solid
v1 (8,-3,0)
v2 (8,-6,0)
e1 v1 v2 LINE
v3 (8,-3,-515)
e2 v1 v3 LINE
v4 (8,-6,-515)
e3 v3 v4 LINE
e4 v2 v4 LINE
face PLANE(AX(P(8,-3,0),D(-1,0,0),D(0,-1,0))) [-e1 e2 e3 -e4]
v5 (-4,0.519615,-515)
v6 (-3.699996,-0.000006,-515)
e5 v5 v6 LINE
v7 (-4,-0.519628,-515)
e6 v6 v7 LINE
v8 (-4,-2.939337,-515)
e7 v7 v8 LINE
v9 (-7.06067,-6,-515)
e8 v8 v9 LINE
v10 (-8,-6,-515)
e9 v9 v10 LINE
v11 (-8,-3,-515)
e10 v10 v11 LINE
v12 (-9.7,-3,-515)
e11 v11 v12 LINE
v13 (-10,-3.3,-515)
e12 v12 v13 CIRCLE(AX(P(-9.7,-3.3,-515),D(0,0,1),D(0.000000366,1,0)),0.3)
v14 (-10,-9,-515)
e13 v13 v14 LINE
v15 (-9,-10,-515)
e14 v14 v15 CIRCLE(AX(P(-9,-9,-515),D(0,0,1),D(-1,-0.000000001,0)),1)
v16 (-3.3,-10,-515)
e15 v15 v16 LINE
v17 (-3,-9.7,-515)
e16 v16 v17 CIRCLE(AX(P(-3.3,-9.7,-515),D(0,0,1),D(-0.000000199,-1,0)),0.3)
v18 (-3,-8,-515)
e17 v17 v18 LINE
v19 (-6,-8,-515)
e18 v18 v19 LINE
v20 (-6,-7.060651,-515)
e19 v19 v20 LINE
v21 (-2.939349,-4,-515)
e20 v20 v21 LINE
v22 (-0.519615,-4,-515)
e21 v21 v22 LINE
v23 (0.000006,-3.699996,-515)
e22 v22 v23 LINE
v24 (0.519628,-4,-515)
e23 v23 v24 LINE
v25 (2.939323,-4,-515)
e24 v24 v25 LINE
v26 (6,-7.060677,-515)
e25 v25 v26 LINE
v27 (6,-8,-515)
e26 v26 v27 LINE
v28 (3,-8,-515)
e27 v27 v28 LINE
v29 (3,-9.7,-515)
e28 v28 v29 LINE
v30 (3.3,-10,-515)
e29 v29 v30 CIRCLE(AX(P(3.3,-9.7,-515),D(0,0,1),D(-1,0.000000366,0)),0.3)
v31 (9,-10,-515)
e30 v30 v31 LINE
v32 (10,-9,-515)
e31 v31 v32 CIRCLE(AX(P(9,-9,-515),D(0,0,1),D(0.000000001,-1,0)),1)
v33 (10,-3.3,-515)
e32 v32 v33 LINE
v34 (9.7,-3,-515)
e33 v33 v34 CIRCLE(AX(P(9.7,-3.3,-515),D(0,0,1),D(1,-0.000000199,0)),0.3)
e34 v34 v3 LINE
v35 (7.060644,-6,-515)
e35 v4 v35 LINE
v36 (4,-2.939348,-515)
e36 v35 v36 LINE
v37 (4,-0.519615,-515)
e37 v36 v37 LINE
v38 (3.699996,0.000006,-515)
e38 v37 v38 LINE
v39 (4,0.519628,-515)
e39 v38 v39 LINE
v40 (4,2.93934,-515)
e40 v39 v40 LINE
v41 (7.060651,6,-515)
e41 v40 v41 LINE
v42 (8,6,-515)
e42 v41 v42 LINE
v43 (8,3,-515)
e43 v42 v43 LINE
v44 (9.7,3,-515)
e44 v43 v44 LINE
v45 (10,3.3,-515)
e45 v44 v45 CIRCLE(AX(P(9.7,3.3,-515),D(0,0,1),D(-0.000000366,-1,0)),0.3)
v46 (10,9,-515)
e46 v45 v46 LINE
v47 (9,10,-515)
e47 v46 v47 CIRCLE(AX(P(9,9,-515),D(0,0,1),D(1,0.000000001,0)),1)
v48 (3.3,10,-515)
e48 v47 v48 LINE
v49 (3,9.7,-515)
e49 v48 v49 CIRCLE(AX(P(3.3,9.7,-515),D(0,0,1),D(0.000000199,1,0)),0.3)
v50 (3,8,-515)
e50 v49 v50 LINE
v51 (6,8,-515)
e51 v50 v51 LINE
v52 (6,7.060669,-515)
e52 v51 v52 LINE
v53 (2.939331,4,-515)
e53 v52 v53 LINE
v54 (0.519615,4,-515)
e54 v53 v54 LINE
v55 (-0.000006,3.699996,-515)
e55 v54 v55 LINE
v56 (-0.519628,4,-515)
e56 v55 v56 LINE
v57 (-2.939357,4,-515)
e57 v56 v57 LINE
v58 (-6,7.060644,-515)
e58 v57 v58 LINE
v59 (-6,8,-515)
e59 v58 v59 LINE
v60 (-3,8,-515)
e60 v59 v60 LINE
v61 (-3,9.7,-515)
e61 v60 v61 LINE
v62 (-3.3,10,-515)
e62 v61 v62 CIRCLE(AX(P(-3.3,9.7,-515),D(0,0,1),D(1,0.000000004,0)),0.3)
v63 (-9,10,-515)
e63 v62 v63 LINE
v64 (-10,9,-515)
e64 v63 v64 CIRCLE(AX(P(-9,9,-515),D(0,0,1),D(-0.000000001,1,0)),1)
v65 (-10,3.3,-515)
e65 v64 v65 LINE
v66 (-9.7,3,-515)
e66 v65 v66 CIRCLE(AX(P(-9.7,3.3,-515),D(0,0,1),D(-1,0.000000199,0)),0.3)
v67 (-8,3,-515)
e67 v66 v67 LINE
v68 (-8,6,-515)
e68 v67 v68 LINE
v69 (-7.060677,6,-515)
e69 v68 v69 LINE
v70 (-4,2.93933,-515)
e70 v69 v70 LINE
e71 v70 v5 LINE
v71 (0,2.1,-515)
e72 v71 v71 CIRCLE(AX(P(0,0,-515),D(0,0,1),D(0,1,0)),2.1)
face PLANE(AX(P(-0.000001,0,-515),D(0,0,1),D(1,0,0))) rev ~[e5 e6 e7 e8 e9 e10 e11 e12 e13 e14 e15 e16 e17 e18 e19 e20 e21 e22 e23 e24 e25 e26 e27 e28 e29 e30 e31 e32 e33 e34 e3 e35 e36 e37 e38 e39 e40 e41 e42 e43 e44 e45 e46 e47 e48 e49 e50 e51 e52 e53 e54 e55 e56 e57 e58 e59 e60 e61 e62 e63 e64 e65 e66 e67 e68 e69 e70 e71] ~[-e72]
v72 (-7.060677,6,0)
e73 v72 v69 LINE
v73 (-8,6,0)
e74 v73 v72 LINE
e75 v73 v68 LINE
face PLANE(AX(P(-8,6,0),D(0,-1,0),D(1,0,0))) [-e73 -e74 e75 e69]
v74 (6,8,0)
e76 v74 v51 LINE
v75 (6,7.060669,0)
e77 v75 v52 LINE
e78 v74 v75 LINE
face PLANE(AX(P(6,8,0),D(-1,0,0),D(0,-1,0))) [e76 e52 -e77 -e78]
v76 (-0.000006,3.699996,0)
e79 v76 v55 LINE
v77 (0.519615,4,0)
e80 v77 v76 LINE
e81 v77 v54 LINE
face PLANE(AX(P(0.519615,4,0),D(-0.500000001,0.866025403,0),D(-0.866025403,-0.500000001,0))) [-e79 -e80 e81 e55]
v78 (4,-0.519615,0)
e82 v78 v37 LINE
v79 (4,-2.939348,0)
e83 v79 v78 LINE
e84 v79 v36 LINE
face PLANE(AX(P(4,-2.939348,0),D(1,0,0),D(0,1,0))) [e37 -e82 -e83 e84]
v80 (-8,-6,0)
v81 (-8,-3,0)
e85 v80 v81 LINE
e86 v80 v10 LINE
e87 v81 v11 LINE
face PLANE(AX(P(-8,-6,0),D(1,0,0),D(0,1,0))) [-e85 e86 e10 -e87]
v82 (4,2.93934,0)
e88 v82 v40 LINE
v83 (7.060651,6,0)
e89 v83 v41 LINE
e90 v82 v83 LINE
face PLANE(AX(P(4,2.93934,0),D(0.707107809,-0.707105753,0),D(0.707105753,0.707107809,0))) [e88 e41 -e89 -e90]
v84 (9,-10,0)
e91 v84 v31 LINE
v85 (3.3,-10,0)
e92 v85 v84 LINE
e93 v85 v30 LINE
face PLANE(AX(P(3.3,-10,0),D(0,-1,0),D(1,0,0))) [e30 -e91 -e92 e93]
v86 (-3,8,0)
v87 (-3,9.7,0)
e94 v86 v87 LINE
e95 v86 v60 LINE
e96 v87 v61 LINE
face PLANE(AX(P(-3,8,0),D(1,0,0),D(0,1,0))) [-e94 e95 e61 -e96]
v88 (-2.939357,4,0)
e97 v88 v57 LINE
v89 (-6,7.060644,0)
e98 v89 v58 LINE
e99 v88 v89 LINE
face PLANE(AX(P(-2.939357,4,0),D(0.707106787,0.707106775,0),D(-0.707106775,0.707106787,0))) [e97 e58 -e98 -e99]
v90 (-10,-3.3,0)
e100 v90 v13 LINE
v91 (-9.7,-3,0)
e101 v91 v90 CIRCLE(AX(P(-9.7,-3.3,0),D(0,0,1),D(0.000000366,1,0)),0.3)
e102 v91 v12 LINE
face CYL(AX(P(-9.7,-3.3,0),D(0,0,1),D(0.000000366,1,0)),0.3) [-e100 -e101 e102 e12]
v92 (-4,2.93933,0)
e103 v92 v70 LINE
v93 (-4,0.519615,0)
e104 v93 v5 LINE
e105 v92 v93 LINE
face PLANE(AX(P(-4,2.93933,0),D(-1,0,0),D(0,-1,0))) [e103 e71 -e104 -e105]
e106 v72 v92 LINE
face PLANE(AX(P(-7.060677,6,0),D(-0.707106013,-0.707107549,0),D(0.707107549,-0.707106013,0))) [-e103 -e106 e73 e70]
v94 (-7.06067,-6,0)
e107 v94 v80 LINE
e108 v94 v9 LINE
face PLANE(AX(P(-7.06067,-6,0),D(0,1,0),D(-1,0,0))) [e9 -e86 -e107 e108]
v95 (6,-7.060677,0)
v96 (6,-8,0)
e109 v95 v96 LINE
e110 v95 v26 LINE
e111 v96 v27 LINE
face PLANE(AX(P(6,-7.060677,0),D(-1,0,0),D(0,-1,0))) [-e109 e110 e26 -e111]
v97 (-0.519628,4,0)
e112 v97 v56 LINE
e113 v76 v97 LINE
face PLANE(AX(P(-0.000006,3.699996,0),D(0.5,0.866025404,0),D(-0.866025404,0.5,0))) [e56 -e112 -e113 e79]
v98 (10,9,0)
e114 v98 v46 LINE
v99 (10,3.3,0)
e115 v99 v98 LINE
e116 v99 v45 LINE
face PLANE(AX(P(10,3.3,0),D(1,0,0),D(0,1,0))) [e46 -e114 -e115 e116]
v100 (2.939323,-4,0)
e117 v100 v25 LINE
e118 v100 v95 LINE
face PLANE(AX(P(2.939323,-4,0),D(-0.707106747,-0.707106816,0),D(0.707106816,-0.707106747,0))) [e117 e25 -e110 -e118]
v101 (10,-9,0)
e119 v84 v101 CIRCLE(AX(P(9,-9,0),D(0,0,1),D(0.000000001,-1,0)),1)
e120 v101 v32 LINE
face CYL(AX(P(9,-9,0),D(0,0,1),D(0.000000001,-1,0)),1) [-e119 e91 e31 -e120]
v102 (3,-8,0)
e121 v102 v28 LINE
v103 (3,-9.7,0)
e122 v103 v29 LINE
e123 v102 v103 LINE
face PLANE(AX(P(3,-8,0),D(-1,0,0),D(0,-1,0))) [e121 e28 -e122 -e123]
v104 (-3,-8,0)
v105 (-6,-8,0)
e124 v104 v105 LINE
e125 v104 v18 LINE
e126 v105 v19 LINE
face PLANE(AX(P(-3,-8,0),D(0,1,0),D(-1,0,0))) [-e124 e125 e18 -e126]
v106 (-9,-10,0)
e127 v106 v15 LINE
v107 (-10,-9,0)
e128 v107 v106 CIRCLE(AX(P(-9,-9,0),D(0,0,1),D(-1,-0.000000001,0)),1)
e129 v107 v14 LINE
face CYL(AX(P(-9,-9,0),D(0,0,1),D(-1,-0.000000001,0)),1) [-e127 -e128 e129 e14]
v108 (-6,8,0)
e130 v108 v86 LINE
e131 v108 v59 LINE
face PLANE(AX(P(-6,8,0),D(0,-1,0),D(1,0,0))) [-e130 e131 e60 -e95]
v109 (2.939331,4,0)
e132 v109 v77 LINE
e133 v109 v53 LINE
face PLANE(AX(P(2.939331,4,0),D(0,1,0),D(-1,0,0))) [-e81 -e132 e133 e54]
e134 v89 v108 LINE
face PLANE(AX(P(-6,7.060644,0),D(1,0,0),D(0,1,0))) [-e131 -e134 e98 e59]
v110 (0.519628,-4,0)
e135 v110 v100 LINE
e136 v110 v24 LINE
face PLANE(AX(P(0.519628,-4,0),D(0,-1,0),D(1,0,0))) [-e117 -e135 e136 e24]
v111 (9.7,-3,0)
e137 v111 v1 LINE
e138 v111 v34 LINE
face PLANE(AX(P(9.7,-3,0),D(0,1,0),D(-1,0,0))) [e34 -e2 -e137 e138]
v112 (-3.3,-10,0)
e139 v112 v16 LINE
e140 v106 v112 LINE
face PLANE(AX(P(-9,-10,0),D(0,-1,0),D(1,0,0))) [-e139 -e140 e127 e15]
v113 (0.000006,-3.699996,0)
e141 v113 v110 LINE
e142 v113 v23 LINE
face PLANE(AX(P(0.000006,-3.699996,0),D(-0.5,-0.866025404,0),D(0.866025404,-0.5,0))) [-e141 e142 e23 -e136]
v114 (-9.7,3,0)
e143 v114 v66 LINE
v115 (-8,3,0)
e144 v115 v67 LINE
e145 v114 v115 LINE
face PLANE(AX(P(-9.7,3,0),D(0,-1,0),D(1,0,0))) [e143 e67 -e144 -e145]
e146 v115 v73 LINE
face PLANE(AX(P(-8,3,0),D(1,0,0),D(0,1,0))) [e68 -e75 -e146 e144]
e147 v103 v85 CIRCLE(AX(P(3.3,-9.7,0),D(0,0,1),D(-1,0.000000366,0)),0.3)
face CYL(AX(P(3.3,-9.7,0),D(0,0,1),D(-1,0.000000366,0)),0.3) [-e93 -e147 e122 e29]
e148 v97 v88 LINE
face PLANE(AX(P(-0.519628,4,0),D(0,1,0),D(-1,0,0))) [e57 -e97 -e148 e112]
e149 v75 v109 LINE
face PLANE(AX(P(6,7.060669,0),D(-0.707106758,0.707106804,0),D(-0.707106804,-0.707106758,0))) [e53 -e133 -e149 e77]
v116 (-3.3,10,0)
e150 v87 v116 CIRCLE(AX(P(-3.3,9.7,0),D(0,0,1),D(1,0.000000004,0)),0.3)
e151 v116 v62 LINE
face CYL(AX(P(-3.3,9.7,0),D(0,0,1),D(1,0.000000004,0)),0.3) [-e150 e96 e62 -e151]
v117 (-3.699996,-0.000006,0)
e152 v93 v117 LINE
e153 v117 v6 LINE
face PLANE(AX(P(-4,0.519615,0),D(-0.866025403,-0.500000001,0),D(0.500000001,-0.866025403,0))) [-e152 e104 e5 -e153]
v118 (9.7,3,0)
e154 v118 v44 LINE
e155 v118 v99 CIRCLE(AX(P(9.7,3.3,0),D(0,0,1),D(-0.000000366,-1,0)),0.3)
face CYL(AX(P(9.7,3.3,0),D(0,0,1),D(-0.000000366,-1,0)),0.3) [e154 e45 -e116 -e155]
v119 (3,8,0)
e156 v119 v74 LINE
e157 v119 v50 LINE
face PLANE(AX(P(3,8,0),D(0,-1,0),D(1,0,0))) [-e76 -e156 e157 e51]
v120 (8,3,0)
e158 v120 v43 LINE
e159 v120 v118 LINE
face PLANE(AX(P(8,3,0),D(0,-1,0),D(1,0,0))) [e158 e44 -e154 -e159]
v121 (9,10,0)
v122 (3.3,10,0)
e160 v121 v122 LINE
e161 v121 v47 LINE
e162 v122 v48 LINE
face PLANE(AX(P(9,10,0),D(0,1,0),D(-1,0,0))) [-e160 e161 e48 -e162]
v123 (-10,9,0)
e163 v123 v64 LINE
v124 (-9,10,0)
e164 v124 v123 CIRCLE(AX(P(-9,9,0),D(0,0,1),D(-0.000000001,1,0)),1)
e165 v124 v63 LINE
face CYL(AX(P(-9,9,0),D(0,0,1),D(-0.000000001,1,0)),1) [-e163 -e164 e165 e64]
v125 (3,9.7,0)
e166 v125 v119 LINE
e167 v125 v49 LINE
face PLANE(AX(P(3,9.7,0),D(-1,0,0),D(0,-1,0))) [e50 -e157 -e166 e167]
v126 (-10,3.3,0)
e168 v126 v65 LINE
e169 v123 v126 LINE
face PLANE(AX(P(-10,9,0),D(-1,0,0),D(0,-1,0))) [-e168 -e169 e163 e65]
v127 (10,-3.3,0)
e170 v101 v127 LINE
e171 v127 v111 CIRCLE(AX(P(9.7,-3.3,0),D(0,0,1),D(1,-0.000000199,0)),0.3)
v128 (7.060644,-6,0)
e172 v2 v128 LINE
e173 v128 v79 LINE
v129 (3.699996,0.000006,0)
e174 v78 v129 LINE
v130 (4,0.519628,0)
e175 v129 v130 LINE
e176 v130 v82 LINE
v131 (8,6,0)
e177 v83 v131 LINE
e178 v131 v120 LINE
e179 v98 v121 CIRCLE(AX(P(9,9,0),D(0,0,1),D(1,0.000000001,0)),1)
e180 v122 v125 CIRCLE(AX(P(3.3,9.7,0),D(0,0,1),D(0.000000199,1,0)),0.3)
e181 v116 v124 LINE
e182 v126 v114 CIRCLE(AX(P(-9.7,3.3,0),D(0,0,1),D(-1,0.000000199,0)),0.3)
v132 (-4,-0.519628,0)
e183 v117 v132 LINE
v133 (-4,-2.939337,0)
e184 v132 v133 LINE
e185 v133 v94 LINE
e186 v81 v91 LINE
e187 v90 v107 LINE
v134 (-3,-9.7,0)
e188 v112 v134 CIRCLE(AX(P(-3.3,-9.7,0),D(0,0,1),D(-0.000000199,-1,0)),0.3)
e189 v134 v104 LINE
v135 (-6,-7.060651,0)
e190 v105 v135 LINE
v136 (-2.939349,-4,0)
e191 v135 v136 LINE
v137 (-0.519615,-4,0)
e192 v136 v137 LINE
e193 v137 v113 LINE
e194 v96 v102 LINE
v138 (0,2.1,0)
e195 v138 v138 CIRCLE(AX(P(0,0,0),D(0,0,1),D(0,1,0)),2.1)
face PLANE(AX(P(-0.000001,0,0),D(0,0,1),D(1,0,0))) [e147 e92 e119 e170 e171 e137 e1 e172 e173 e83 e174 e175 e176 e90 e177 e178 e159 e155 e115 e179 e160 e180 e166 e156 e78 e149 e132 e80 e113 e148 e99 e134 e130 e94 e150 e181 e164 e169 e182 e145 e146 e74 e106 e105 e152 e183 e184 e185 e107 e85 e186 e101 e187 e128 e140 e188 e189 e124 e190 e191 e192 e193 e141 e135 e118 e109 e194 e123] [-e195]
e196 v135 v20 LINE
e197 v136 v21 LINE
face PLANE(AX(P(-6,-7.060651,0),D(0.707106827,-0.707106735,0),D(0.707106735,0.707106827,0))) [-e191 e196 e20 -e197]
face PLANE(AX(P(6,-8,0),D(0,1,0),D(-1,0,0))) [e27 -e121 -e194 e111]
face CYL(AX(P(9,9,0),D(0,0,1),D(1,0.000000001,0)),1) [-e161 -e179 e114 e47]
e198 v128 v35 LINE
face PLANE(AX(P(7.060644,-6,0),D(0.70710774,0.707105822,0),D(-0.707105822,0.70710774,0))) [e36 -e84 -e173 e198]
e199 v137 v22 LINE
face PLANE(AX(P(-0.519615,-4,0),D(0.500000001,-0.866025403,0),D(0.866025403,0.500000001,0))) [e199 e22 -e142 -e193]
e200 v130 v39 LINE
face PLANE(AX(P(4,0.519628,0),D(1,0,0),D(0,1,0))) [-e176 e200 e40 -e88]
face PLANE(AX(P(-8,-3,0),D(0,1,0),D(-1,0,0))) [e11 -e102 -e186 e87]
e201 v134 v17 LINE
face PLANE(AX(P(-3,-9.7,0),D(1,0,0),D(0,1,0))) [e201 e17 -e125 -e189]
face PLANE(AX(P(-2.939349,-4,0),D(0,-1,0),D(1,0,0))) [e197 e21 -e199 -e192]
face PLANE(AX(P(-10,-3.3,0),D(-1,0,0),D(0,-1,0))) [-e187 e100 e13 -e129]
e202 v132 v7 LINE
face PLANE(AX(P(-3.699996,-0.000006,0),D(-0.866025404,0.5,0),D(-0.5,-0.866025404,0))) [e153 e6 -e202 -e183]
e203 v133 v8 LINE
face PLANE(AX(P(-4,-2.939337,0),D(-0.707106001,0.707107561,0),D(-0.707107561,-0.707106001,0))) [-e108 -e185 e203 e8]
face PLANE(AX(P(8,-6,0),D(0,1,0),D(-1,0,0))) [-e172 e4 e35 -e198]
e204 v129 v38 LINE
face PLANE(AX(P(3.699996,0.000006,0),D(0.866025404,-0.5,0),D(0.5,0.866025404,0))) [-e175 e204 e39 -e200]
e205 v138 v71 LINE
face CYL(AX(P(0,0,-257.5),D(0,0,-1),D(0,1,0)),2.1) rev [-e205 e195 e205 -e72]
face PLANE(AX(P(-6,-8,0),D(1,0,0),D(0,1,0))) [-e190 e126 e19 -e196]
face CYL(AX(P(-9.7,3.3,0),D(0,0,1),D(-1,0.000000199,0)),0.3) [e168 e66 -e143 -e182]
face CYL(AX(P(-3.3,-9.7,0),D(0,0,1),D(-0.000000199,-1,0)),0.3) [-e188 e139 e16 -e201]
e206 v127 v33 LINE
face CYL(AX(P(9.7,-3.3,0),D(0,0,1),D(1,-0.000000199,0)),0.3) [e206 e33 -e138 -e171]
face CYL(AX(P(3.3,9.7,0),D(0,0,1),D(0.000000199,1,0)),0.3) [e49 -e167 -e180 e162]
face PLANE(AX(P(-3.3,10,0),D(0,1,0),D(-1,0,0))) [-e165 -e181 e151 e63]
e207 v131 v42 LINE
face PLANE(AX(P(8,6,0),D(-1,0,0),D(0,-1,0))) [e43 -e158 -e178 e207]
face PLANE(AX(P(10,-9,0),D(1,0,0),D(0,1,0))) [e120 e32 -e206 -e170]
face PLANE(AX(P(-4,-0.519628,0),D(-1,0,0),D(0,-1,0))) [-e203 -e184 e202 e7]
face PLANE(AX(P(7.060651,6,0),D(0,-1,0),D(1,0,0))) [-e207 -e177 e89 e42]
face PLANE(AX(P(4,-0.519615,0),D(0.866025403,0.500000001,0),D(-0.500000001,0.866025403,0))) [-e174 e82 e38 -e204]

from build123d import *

# Parameters (mm, degrees)
BOSS_EXTRUDE1_DEPTH = 515
SKETCH2_W           = 515
SKETCH2_H           = 2.1


with BuildPart() as part:
    # Sketch1 → Boss-Extrude1 (new body)
    with BuildSketch(Plane.XY):
        with BuildLine():
            Line((-10, 9), (-10, 3.29999995))
            ThreePointArc((-10, 3.29999995), (-9.912132049, 3.087867916), (-9.7, 3))
            Line((-9.7, 3), (-8, 3))
            Line((-8, 3), (-8, 6))
            Line((-8, 6), (-7.060677, 6))
            Line((-7.060677, 6), (-4, 2.93932965))
            Line((-4, 2.93932965), (-4, 0.519615242))
            Line((-4, 0.519615242), (-3.699996283, -6.437e-06))
            Line((-3.699996283, -6.437e-06), (-4, -0.519628117))
            Line((-4, -0.519628117), (-4, -2.93933725))
            Line((-4, -2.93933725), (-7.0606695, -6))
            Line((-7.0606695, -6), (-8, -6))
            Line((-8, -6), (-8, -3))
            Line((-8, -3), (-9.7, -3))
            ThreePointArc((-9.7, -3), (-9.912132049, -3.087867916), (-10, -3.29999995))
            Line((-10, -3.29999995), (-10, -9))
            ThreePointArc((-10, -9), (-9.707106781, -9.707106781), (-9, -10))
            Line((-9, -10), (-3.29999995, -10))
            ThreePointArc((-3.29999995, -10), (-3.087867916, -9.912132049), (-3, -9.7))
            Line((-3, -9.7), (-3, -8))
            Line((-3, -8), (-6, -8))
            Line((-6, -8), (-6, -7.0606515))
            Line((-6, -7.0606515), (-2.9393489, -4))
            Line((-2.9393489, -4), (-0.519615242, -4))
            Line((-0.519615242, -4), (6.437e-06, -3.699996283))
            Line((6.437e-06, -3.699996283), (0.519628117, -4))
            Line((0.519628117, -4), (2.9393227, -4))
            Line((2.9393227, -4), (6, -7.060677))
            Line((6, -7.060677), (6, -8))
            Line((6, -8), (3, -8))
            Line((3, -8), (3, -9.7))
            ThreePointArc((3, -9.7), (3.087867916, -9.912132049), (3.29999995, -10))
            Line((3.29999995, -10), (9, -10))
            ThreePointArc((9, -10), (9.707106781, -9.707106781), (10, -9))
            Line((10, -9), (10, -3.29999995))
            ThreePointArc((10, -3.29999995), (9.912132049, -3.087867916), (9.7, -3))
            Line((9.7, -3), (8, -3))
            Line((8, -3), (8, -6))
            Line((8, -6), (7.0606435, -6))
            Line((7.0606435, -6), (4, -2.9393482))
            Line((4, -2.9393482), (4, -0.519615242))
            Line((4, -0.519615242), (3.699996283, 6.437e-06))
            Line((3.699996283, 6.437e-06), (4, 0.519628117))
            Line((4, 0.519628117), (4, 2.9393401))
            Line((4, 2.9393401), (7.060651, 6))
            Line((7.060651, 6), (8, 6))
            Line((8, 6), (8, 3))
            Line((8, 3), (9.7, 3))
            ThreePointArc((9.7, 3), (9.912132049, 3.087867916), (10, 3.29999995))
            Line((10, 3.29999995), (10, 9))
            ThreePointArc((10, 9), (9.707106781, 9.707106781), (9, 10))
            Line((9, 10), (3.29999995, 10))
            ThreePointArc((3.29999995, 10), (3.087867916, 9.912132049), (3, 9.7))
            Line((3, 9.7), (3, 8))
            Line((3, 8), (6, 8))
            Line((6, 8), (6, 7.060669))
            Line((6, 7.060669), (2.9393308, 4))
            Line((2.9393308, 4), (0.519615242, 4))
            Line((0.519615242, 4), (-6.437e-06, 3.699996283))
            Line((-6.437e-06, 3.699996283), (-0.519628117, 4))
            Line((-0.519628117, 4), (-2.93935655, 4))
            Line((-2.93935655, 4), (-6, 7.0606435))
            Line((-6, 7.0606435), (-6, 8))
            Line((-6, 8), (-3, 8))
            Line((-3, 8), (-3, 9.7))
            ThreePointArc((-3, 9.7), (-3.087867966, 9.912132034), (-3.3, 10))
            Line((-3.3, 10), (-9, 10))
            ThreePointArc((-9, 10), (-9.707106781, 9.707106781), (-10, 9))
        make_face()
    extrude(amount=-BOSS_EXTRUDE1_DEPTH)

    # Sketch2 → Cut-Revolve1 (revolve, cut)
    with BuildSketch(Plane(origin=(0, 0, 0), x_dir=(0, 0, -1), z_dir=(1, 0, 0))):
        with Locations((257.5, 1.05)):
            Rectangle(SKETCH2_W, SKETCH2_H)
    revolve(axis=Axis((0, 0, -515), (0, 0, 1)), mode=Mode.SUBTRACT)


solid = part.part
